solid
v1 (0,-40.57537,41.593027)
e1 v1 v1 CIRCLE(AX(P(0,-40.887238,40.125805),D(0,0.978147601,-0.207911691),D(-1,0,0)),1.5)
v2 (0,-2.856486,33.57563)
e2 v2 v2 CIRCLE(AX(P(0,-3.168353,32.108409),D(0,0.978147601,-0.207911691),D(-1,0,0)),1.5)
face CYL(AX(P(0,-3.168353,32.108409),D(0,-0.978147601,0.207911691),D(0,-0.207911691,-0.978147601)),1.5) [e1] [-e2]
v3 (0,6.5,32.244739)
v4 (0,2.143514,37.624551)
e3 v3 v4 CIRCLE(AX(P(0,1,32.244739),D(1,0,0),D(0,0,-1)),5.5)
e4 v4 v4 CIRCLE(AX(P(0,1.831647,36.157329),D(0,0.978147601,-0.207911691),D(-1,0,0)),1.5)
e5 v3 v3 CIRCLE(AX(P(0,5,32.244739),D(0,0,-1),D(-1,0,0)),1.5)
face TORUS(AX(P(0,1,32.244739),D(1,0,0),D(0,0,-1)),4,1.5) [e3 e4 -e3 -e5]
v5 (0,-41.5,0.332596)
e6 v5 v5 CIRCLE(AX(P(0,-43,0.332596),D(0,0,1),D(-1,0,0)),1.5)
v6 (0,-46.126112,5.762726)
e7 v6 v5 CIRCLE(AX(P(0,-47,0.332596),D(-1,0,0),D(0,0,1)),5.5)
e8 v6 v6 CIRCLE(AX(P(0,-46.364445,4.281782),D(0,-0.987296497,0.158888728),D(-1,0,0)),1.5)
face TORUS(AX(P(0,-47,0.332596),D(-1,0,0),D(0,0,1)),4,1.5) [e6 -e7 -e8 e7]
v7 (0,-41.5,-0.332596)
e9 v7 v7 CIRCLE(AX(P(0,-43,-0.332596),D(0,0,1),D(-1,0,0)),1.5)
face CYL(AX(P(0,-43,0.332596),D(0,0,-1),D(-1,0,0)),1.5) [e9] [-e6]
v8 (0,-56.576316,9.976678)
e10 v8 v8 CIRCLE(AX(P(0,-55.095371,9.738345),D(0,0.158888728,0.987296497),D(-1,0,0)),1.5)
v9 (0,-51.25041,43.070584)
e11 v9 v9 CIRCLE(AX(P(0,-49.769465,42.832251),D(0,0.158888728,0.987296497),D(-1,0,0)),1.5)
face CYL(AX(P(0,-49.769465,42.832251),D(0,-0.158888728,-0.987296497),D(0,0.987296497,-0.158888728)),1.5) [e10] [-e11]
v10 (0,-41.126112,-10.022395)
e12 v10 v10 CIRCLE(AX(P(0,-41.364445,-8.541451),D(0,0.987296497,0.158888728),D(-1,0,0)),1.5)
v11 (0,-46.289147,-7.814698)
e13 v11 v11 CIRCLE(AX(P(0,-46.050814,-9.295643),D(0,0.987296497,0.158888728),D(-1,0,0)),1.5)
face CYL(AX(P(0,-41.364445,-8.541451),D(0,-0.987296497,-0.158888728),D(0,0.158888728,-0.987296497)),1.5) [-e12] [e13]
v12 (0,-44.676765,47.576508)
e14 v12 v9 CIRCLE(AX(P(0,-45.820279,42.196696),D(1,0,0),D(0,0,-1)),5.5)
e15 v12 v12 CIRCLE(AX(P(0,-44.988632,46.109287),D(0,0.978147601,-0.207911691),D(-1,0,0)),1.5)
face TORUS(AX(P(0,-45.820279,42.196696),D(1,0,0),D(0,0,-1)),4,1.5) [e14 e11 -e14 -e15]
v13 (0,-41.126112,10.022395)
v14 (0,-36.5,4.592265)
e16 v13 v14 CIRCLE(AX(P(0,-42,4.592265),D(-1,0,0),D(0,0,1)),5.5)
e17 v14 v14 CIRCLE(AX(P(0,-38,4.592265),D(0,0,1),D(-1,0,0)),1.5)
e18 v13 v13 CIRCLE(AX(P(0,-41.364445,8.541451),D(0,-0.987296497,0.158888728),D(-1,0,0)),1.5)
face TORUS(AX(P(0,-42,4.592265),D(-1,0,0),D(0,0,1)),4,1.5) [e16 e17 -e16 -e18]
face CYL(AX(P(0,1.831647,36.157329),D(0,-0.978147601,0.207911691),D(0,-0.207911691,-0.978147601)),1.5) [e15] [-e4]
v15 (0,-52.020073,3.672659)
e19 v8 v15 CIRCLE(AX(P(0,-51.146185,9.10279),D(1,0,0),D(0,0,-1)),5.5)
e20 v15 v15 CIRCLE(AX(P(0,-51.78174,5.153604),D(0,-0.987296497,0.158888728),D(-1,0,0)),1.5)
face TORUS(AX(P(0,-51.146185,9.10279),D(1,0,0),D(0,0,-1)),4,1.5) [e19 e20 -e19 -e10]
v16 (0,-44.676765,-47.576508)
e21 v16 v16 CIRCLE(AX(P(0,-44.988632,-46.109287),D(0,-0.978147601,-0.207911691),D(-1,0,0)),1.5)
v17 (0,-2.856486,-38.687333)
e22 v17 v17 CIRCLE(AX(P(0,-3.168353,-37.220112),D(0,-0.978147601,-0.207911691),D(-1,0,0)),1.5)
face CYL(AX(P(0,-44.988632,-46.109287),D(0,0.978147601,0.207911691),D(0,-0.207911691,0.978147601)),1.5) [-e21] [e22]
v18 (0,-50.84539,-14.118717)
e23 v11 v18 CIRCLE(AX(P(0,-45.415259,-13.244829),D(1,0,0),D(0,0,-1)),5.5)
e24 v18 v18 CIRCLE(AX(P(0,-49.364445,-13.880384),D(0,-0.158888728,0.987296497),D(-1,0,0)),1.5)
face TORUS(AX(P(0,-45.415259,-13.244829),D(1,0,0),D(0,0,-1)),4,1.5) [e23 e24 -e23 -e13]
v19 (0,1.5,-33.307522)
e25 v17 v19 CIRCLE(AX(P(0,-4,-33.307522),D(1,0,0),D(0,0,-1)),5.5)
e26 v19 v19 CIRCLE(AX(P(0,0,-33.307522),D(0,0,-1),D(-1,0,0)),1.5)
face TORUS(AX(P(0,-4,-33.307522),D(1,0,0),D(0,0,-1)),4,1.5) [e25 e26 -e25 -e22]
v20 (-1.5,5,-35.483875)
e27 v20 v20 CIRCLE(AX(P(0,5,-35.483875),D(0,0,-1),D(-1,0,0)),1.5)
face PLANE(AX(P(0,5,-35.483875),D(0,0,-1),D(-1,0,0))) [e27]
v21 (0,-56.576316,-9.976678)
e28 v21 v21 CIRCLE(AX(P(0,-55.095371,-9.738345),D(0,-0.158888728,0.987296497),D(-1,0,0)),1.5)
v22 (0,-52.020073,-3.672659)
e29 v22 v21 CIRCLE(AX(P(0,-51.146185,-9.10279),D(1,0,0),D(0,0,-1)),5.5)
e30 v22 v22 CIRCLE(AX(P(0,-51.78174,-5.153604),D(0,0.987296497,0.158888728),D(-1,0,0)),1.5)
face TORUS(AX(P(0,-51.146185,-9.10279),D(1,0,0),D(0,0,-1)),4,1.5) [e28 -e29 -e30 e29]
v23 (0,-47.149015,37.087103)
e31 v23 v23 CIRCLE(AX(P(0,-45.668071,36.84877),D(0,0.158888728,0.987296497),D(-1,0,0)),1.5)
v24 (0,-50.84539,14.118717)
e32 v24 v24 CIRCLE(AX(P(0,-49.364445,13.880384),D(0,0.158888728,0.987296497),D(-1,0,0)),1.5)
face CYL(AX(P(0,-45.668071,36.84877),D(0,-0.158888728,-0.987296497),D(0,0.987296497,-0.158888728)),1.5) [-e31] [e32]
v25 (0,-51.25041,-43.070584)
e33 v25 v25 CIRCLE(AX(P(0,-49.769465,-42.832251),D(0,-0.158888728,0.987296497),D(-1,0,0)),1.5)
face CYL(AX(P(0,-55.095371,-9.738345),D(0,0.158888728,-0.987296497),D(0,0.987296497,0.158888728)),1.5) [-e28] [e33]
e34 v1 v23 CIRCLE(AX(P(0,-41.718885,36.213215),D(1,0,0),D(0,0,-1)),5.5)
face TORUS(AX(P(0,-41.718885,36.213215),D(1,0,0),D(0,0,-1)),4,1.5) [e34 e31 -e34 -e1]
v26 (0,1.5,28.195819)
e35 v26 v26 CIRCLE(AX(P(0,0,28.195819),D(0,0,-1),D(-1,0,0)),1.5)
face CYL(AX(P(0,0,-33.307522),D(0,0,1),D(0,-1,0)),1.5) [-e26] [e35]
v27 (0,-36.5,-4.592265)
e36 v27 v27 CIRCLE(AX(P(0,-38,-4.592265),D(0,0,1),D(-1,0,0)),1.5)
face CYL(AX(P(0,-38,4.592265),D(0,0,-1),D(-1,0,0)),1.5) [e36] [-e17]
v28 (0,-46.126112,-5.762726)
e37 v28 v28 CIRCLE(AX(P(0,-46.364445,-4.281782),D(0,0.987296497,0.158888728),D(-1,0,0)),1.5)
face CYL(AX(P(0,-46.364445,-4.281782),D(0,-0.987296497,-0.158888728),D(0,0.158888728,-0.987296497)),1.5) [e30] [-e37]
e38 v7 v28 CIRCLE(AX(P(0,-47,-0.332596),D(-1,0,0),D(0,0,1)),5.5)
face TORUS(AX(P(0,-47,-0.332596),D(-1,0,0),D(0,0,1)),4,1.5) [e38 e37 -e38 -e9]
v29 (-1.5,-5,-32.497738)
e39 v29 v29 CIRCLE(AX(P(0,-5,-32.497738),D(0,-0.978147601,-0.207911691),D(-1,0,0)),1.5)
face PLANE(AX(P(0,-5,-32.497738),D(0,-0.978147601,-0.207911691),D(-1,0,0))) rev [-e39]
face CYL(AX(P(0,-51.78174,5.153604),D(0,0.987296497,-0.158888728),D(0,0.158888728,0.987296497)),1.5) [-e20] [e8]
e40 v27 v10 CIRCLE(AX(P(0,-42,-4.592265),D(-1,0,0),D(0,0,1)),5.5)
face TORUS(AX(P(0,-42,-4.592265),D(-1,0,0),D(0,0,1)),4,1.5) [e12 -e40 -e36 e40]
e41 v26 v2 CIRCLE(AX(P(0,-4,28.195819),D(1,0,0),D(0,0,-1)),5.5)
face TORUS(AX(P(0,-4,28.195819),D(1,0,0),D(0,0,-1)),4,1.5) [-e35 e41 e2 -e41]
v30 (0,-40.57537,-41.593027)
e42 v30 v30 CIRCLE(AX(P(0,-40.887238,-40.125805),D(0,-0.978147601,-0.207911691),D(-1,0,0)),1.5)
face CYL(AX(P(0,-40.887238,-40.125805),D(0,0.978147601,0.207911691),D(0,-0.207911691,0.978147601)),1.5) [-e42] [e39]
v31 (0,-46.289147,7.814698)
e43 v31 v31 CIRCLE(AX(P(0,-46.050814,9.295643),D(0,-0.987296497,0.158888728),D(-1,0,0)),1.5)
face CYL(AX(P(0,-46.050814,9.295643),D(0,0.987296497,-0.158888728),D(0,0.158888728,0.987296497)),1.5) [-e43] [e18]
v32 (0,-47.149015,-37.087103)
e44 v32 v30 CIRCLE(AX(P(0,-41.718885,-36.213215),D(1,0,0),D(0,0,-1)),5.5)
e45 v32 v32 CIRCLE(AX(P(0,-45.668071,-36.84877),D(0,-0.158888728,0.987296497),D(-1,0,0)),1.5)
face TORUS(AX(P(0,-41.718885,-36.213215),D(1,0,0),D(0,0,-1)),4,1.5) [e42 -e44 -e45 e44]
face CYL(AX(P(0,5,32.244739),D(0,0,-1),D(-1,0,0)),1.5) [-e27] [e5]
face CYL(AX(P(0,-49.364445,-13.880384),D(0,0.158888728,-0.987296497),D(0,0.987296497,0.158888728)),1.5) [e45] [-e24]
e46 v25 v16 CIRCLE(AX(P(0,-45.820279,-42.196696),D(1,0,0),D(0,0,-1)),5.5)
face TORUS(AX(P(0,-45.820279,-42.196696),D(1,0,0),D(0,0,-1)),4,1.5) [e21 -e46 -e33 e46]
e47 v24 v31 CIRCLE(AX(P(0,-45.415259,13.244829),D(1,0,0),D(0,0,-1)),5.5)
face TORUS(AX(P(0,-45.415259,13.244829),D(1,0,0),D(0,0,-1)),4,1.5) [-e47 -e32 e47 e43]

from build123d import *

# Parameters (mm, degrees)
SKETCH_3_R = 1.5


with BuildPart() as part:
    # По траектории1: sweep along a path in Эскиз2
    with BuildLine(Plane(origin=(0, 0, 0), x_dir=(0, 0, -1), z_dir=(1, 0, 0))) as sweep_1_path:
        Line((35.483874891, 5), (-32.244738758, 5))
        ThreePointArc((-32.244738758, 5), (-34.762020322, 4.108583846), (-36.157329161, 1.831646763))
        Line((-36.157329161, 1.831646763), (-46.109286654, -44.988632107))
        ThreePointArc((-46.109286654, -44.988632107), (-45.496013892, -48.081805589), (-42.832251164, -49.769464856))
        Line((-42.832251164, -49.769464856), (-9.73834486, -55.095371211))
        ThreePointArc((-9.73834486, -55.095371211), (-6.759698945, -54.388086604), (-5.153603961, -51.781740138))
        Line((-5.153603961, -51.781740138), (-4.281781642, -46.364445087))
        ThreePointArc((-4.281781642, -46.364445087), (-2.926606098, -43.955150279), (-0.332595656, -43))
        Line((-0.332595656, -43), (0.332595656, -43))
        ThreePointArc((0.332595656, -43), (2.926606098, -43.955150279), (4.281781642, -46.364445087))
        Line((4.281781642, -46.364445087), (5.153603961, -51.781740138))
        ThreePointArc((5.153603961, -51.781740138), (6.759698945, -54.388086604), (9.73834486, -55.095371211))
        Line((9.73834486, -55.095371211), (42.832251164, -49.769464856))
        ThreePointArc((42.832251164, -49.769464856), (45.496013892, -48.081805589), (46.109286654, -44.988632107))
        Line((46.109286654, -44.988632107), (37.220111969, -3.168353237))
        ThreePointArc((37.220111969, -3.168353237), (35.824803131, -0.891416154), (33.307521566, 0))
        Line((33.307521566, 0), (-28.195818592, 0))
        ThreePointArc((-28.195818592, 0), (-30.713100156, -0.891416154), (-32.108408995, -3.168353237))
        Line((-32.108408995, -3.168353237), (-40.125805399, -40.887237756))
        ThreePointArc((-40.125805399, -40.887237756), (-39.512532637, -43.980411239), (-36.848769909, -45.668070506))
        Line((-36.848769909, -45.668070506), (-13.880383702, -49.364445087))
        ThreePointArc((-13.880383702, -49.364445087), (-10.901737787, -48.657160481), (-9.295642803, -46.050814014))
        Line((-9.295642803, -46.050814014), (-8.541450722, -41.364445087))
        ThreePointArc((-8.541450722, -41.364445087), (-7.186275178, -38.955150279), (-4.592264736, -38))
        Line((-4.592264736, -38), (4.592264736, -38))
        ThreePointArc((4.592264736, -38), (7.186275178, -38.955150279), (8.541450722, -41.364445087))
        Line((8.541450722, -41.364445087), (9.295642803, -46.050814014))
        ThreePointArc((9.295642803, -46.050814014), (10.901737787, -48.657160481), (13.880383702, -49.364445087))
        Line((13.880383702, -49.364445087), (36.848769909, -45.668070506))
        ThreePointArc((36.848769909, -45.668070506), (39.512532637, -43.980411239), (40.125805399, -40.887237756))
        Line((40.125805399, -40.887237756), (32.497737533, -5))
    # Эскиз3 → По траектории1 (sweep)
    with BuildSketch(Plane(origin=(0, 5, -35.483874891), x_dir=(-1, 0, 0), z_dir=(0, 0, -1))):
        Circle(SKETCH_3_R)
    sweep(path=sweep_1_path.line)


solid = part.part
